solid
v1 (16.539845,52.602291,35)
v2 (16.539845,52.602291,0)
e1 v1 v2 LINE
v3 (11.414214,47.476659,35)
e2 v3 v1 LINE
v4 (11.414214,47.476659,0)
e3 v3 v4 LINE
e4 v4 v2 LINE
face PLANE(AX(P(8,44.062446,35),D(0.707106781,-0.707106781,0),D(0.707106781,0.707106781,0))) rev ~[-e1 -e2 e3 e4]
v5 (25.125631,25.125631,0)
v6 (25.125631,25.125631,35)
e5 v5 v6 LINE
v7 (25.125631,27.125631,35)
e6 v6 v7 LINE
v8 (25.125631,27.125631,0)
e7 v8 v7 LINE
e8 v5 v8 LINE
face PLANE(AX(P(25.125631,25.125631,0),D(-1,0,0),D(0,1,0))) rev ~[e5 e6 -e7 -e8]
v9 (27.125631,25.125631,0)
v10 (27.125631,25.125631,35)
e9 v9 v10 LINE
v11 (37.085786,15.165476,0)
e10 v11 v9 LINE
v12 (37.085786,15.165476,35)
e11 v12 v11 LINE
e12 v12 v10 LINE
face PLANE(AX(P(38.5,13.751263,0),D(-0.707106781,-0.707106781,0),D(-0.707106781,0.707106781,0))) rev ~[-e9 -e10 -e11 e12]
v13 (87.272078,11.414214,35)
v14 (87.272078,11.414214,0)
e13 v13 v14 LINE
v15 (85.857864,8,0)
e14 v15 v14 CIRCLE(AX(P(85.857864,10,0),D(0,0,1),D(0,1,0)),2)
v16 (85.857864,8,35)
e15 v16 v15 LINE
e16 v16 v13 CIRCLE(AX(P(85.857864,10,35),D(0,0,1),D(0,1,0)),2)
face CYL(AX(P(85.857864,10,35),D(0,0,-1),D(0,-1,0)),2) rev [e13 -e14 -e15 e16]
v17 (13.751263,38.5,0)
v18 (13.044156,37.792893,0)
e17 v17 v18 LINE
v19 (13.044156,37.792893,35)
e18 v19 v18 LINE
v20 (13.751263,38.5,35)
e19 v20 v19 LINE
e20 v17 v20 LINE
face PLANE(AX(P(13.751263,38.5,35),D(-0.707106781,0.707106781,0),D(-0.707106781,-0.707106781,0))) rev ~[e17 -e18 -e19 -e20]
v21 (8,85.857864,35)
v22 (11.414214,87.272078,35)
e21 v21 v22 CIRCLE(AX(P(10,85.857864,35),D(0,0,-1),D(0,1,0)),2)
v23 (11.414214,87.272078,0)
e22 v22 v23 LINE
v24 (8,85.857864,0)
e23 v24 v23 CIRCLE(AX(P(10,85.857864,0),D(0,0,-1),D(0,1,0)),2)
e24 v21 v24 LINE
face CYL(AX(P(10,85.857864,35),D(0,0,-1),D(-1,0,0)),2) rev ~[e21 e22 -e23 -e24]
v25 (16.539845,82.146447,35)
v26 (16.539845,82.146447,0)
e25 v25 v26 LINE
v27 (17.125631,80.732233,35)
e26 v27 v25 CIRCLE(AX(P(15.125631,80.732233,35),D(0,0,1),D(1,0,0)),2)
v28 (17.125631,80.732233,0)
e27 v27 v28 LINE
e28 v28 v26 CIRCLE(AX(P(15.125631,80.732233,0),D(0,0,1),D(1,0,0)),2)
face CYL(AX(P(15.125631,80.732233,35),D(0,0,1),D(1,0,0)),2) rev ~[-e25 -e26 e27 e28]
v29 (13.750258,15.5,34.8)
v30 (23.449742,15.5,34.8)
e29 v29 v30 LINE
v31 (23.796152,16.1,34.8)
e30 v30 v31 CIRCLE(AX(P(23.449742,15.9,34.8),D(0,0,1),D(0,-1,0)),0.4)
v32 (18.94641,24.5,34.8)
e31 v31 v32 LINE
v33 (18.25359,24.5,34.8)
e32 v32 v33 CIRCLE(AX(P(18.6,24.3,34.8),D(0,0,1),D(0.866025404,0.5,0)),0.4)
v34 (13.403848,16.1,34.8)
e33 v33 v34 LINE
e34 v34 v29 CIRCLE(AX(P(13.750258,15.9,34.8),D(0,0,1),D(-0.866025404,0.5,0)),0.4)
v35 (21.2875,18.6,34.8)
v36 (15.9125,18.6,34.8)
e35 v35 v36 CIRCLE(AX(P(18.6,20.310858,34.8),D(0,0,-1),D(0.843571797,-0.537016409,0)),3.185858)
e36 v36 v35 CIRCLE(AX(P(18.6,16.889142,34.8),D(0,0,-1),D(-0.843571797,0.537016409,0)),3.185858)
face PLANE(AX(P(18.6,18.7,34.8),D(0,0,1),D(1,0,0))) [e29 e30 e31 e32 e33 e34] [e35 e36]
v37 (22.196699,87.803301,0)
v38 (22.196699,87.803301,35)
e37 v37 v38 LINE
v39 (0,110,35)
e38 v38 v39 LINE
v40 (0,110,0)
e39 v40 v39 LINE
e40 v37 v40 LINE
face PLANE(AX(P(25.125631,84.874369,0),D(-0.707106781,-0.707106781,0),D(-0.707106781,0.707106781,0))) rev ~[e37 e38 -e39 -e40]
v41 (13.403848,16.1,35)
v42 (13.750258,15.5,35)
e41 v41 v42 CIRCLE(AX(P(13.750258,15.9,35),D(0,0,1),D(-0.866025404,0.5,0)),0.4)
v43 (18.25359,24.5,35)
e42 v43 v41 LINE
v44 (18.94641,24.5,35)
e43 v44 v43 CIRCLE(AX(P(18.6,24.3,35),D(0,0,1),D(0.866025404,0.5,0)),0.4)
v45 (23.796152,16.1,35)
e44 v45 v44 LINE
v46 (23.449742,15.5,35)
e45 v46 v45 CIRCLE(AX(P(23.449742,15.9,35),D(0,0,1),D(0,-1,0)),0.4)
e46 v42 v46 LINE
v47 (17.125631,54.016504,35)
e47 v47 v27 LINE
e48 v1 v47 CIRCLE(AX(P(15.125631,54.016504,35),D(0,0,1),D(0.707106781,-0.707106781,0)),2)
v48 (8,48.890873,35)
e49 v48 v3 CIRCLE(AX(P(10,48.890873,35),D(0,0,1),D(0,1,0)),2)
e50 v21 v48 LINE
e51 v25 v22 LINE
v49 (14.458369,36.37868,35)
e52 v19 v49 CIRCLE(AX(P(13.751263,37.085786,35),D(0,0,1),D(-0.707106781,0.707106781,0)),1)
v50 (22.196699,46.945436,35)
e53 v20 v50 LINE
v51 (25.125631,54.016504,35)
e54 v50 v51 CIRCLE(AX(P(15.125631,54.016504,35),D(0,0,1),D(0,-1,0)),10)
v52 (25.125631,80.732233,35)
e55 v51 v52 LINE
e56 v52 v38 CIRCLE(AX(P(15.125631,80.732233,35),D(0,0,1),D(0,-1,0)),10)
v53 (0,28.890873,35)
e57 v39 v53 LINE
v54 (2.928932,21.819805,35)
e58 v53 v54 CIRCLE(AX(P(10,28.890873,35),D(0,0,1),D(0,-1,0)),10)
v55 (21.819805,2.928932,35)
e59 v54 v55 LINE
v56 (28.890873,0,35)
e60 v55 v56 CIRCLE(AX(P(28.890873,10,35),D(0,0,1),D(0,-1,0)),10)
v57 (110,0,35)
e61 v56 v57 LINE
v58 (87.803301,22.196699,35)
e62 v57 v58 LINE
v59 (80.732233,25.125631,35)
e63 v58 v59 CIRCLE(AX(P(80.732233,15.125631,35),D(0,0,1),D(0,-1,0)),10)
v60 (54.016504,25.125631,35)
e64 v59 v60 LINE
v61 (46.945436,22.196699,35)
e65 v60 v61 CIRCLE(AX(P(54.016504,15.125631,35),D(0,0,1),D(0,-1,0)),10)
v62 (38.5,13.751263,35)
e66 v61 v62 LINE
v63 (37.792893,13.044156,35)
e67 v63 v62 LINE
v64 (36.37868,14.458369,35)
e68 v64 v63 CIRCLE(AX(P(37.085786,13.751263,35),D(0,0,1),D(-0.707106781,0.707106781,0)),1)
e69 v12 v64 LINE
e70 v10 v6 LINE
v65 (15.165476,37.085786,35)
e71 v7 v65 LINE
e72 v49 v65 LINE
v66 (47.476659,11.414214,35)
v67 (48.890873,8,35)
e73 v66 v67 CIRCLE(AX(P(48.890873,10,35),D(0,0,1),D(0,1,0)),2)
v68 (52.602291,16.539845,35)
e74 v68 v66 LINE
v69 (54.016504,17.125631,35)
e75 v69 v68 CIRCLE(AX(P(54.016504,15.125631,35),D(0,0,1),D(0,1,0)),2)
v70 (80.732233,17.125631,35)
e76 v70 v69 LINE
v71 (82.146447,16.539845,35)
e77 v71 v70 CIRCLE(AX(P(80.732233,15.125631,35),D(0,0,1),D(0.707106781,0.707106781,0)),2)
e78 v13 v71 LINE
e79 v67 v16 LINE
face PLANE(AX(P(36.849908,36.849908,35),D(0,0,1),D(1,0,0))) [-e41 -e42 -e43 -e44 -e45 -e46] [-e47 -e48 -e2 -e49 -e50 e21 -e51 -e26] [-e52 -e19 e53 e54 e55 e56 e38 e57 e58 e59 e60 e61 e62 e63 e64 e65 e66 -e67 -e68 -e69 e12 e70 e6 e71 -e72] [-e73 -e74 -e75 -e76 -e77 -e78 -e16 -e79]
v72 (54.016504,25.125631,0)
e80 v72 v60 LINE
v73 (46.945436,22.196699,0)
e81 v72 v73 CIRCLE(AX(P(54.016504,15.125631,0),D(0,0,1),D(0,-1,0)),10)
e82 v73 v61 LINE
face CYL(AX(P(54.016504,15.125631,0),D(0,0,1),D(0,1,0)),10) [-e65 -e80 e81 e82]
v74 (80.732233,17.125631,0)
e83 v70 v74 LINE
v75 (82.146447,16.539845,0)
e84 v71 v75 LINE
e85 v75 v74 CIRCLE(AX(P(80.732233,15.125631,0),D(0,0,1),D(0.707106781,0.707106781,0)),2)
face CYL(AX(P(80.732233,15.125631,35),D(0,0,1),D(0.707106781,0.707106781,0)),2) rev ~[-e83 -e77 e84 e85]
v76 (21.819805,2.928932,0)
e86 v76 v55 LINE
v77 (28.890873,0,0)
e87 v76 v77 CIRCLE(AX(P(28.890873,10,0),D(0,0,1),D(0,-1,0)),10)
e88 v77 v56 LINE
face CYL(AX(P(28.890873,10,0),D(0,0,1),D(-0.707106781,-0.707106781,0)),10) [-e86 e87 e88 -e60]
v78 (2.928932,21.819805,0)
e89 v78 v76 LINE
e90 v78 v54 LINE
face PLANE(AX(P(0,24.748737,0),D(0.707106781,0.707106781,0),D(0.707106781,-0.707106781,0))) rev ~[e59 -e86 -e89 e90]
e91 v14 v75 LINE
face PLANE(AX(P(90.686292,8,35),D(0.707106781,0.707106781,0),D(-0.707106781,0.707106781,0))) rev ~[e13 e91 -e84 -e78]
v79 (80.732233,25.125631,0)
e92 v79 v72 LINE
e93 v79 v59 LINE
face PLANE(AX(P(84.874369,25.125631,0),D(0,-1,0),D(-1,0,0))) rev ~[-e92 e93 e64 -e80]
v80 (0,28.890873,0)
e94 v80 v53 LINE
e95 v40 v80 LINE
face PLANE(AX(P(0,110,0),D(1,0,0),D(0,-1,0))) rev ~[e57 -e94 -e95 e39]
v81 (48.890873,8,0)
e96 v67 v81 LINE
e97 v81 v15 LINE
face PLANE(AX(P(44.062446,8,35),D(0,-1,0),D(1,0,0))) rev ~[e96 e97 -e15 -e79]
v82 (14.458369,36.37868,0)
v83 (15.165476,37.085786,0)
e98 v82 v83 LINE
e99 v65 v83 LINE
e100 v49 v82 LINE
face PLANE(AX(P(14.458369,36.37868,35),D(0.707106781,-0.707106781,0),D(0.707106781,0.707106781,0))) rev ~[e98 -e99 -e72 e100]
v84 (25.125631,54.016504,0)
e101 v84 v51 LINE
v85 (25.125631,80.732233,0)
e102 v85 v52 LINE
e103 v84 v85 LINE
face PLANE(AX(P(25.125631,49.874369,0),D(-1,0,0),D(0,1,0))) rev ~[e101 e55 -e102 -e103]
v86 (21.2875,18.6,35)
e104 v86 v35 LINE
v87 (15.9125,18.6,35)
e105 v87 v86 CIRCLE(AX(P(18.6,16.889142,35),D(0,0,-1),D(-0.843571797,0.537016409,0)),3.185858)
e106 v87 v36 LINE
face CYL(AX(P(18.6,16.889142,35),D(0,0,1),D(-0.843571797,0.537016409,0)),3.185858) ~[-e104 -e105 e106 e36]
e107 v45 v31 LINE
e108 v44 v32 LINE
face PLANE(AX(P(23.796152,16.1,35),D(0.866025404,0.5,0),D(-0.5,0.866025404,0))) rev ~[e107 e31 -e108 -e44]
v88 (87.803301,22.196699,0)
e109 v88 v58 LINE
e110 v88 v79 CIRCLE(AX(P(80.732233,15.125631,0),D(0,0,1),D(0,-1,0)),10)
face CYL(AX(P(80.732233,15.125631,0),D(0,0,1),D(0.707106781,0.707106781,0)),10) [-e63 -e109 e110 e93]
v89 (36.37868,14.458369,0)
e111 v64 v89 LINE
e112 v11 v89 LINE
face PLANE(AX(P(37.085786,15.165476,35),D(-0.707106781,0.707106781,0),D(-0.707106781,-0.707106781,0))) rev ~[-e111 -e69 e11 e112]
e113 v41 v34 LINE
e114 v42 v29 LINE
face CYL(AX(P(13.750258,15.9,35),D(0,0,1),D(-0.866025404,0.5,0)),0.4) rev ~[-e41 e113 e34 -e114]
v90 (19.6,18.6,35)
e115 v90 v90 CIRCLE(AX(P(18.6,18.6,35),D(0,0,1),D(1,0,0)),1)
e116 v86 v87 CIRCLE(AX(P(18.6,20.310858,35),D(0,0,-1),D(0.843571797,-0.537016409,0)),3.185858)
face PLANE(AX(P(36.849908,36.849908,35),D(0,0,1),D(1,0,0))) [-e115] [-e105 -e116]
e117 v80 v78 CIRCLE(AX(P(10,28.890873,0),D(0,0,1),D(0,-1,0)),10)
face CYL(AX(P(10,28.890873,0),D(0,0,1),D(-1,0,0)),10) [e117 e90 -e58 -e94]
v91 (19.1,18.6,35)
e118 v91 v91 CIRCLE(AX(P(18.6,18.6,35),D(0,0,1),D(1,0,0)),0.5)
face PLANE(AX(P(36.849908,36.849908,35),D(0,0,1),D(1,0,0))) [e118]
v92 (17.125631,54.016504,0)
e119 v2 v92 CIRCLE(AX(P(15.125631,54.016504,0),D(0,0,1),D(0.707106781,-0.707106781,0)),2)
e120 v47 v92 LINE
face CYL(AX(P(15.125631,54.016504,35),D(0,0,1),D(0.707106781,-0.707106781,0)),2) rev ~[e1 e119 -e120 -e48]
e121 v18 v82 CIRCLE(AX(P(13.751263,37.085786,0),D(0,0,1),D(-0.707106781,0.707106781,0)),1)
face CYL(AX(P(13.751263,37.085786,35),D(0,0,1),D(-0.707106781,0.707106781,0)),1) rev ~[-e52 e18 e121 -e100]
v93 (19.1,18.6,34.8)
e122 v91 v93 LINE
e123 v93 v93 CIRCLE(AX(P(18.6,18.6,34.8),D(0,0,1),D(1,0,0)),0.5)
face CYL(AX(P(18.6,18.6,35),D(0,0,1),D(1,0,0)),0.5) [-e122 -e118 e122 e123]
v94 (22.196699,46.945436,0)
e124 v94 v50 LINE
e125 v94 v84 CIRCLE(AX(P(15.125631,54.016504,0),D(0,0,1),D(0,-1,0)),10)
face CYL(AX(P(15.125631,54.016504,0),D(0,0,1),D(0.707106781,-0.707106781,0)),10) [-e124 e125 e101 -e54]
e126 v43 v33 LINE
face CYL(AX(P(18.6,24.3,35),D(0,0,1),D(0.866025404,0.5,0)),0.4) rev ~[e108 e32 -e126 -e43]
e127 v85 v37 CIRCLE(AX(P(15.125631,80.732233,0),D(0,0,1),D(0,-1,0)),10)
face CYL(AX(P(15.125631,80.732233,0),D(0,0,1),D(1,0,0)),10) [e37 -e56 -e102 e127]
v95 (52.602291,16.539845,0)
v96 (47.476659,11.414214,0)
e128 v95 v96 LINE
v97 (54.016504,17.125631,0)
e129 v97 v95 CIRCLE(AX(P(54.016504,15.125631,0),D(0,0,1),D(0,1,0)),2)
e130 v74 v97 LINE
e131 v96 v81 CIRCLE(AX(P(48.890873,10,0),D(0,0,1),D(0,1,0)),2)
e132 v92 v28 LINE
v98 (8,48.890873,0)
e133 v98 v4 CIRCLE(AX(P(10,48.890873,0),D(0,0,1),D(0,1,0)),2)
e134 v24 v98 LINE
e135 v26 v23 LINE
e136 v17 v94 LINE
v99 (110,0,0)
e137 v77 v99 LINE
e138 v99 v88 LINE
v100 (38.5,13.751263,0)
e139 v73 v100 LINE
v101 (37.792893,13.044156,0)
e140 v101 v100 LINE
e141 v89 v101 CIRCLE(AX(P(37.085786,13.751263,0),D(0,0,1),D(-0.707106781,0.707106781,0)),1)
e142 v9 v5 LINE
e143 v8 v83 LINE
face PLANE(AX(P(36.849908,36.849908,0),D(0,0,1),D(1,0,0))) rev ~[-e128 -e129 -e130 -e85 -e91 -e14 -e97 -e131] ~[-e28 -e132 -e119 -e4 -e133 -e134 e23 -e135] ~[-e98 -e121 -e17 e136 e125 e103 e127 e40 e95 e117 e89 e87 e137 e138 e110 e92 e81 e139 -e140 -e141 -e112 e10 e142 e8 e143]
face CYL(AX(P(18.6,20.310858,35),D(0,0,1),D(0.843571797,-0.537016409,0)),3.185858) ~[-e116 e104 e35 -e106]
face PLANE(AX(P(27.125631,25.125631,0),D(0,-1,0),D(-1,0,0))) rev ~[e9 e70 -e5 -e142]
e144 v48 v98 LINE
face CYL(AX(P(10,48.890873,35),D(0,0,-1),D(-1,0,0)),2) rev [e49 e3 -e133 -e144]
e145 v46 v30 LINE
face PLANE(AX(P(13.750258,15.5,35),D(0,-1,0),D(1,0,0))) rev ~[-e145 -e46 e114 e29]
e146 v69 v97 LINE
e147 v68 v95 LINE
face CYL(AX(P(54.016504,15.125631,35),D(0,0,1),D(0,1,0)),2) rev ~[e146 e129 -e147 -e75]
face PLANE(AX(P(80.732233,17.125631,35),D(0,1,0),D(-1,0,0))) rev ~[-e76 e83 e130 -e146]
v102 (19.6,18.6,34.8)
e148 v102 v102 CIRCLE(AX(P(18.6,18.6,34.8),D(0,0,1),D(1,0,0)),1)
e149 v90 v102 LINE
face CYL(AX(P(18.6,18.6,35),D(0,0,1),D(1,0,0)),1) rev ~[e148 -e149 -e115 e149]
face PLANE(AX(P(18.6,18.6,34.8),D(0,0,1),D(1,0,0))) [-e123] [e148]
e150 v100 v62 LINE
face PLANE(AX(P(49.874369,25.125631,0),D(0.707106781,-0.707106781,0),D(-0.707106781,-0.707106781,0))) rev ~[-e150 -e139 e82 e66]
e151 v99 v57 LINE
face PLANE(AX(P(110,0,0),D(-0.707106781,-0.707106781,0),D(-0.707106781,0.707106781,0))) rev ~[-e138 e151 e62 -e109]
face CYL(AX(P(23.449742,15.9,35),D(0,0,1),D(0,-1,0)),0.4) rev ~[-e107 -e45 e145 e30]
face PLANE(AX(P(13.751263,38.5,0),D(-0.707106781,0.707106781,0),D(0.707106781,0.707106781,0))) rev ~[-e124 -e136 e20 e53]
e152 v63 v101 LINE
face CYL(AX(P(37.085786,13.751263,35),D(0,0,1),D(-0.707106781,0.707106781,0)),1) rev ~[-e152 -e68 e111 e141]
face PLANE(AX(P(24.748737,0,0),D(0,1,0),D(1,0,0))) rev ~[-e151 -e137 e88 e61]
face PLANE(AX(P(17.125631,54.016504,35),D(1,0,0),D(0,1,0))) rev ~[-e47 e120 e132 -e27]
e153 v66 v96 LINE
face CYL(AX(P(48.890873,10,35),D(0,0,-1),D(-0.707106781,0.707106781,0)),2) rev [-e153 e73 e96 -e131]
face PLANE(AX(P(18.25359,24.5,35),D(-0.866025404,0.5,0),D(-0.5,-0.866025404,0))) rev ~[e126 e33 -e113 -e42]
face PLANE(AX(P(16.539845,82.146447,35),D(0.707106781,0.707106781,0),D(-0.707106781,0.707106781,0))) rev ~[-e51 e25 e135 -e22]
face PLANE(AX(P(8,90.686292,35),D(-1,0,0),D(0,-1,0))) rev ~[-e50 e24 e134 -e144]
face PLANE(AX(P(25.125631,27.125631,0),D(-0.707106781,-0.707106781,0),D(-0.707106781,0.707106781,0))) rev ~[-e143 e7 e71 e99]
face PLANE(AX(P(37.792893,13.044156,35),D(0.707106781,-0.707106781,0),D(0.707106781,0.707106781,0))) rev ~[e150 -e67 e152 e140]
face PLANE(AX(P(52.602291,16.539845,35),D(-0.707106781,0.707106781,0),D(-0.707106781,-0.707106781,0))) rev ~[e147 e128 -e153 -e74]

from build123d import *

# Parameters (mm, degrees)
F1_DEPTH  = 35
F2_R      = 10
F4_DEPTH  = 35.001
F6_DEPTH  = 35.001
F7_R      = 2
F9_DEPTH  = 0.2
F10_R     = 1
F10_R_2   = 0.5
F11_DEPTH = 0.2


with BuildPart() as f1:
    # F0 (on Top) → F1 (new body)
    with BuildSketch(Plane.XY):
        Polygon((0, 110), (0, 24.7487373415), (24.7487373415, 0), (110, 0), (84.8743686708, 25.1256313292), (49.8743686708, 25.1256313292), (38.5, 13.7512626585), (27.1256313292, 25.1256313292), (25.1256313292, 25.1256313292), (25.1256313292, 27.1256313292), (13.7512626585, 38.5), (25.1256313292, 49.8743686708), (25.1256313292, 84.8743686708), align=None)
    extrude(amount=F1_DEPTH)

    # F2
    f2_edges = [f1.edges().sort_by_distance(p)[0] for p in [
        (84.874369, 25.125631, 17.5),
        (25.125631, 49.874369, 17.5),
        (25.125631, 84.874369, 17.5),
        (0, 24.748737, 17.5),
        (24.748737, 0, 17.5),
        (49.874369, 25.125631, 17.5),
    ]]
    fillet(f2_edges, radius=F2_R)

    # F3 (on face) → F4 (cut, through all)
    with BuildSketch(Plane.XY.offset(35)):
        with BuildLine():
            Line((15.1654762208, 37.0857864376), (13.7512626585, 38.5))
            Line((13.7512626585, 38.5), (13.0441558773, 37.7928932188))
            ThreePointArc((13.0441558773, 37.7928932188), (13.0441558773, 36.3786796564), (14.4583694397, 36.3786796564))
            Line((14.4583694397, 36.3786796564), (15.1654762208, 37.0857864376))
        make_face()
        with BuildLine():
            Line((37.7928932188, 13.0441558773), (38.5, 13.7512626585))
            Line((38.5, 13.7512626585), (37.0857864376, 15.1654762208))
            Line((37.0857864376, 15.1654762208), (36.3786796564, 14.4583694397))
            ThreePointArc((36.3786796564, 14.4583694397), (36.3786796564, 13.0441558773), (37.7928932188, 13.0441558773))
        make_face()
    extrude(amount=-F4_DEPTH, mode=Mode.SUBTRACT)

    # F5 (on face) → F6 (cut, through all)
    with BuildSketch(Plane.XY.offset(35)):
        with BuildLine():
            Line((8, 90.686291501), (8, 44.0624458405))
            Line((8, 44.0624458405), (16.5398448916, 52.6022907321))
            ThreePointArc((16.5398448916, 52.6022907321), (16.9733903943, 53.2511374298), (17.1256313292, 54.0165042945))
            Line((17.1256313292, 54.0165042945), (17.1256313292, 80.732233047))
            ThreePointArc((17.1256313292, 80.732233047), (16.9733903943, 81.4975999118), (16.5398448916, 82.1464466094))
            Line((16.5398448916, 82.1464466094), (8, 90.686291501))
        make_face()
        with BuildLine():
            ThreePointArc((82.1464466094, 16.5398448916), (81.4975999118, 16.9733903943), (80.732233047, 17.1256313292))
            Line((80.732233047, 17.1256313292), (54.0165042945, 17.1256313292))
            ThreePointArc((54.0165042945, 17.1256313292), (53.2511374298, 16.9733903943), (52.6022907321, 16.5398448916))
            Line((52.6022907321, 16.5398448916), (44.0624458405, 8))
            Line((44.0624458405, 8), (90.686291501, 8))
            Line((90.686291501, 8), (82.1464466094, 16.5398448916))
        make_face()
    extrude(amount=-F6_DEPTH, mode=Mode.SUBTRACT)

    # F7
    f7_edges = [f1.edges().sort_by_distance(p)[0] for p in [
        (8, 90.686292, 17.5),
        (8, 44.062446, 17.5),
        (44.062446, 8, 17.5),
        (90.686292, 8, 17.5),
    ]]
    fillet(f7_edges, radius=F7_R)

    # F8 (on face) → F9 (cut)
    with BuildSketch(Plane.XY.offset(35)):
        with BuildLine():
            ThreePointArc((18.9464101615, 24.5), (18.6, 24.7), (18.2535898385, 24.5))
            Line((18.2535898385, 24.5), (13.4038475773, 16.1))
            ThreePointArc((13.4038475773, 16.1), (13.4038475773, 15.7), (13.7502577388, 15.5))
            Line((13.7502577388, 15.5), (23.4497422612, 15.5))
            ThreePointArc((23.4497422612, 15.5), (23.7961524227, 15.7), (23.7961524227, 16.1))
            Line((23.7961524227, 16.1), (18.9464101615, 24.5))
        make_face()
        with BuildLine():
            ThreePointArc((15.9125, 18.6), (18.6, 20.075), (21.2875, 18.6))
            ThreePointArc((21.2875, 18.6), (18.6, 17.125), (15.9125, 18.6))
        make_face(mode=Mode.SUBTRACT)
    extrude(amount=-F9_DEPTH, mode=Mode.SUBTRACT)

    # F10 (on face) → F11 (cut, through all)
    with BuildSketch(Plane.XY.offset(35)):
        with Locations((18.6, 18.6)):
            Circle(F10_R)
        with Locations((18.6, 18.6)):
            Circle(F10_R_2, mode=Mode.SUBTRACT)
    extrude(amount=-F11_DEPTH, mode=Mode.SUBTRACT)


solid = f1.part
